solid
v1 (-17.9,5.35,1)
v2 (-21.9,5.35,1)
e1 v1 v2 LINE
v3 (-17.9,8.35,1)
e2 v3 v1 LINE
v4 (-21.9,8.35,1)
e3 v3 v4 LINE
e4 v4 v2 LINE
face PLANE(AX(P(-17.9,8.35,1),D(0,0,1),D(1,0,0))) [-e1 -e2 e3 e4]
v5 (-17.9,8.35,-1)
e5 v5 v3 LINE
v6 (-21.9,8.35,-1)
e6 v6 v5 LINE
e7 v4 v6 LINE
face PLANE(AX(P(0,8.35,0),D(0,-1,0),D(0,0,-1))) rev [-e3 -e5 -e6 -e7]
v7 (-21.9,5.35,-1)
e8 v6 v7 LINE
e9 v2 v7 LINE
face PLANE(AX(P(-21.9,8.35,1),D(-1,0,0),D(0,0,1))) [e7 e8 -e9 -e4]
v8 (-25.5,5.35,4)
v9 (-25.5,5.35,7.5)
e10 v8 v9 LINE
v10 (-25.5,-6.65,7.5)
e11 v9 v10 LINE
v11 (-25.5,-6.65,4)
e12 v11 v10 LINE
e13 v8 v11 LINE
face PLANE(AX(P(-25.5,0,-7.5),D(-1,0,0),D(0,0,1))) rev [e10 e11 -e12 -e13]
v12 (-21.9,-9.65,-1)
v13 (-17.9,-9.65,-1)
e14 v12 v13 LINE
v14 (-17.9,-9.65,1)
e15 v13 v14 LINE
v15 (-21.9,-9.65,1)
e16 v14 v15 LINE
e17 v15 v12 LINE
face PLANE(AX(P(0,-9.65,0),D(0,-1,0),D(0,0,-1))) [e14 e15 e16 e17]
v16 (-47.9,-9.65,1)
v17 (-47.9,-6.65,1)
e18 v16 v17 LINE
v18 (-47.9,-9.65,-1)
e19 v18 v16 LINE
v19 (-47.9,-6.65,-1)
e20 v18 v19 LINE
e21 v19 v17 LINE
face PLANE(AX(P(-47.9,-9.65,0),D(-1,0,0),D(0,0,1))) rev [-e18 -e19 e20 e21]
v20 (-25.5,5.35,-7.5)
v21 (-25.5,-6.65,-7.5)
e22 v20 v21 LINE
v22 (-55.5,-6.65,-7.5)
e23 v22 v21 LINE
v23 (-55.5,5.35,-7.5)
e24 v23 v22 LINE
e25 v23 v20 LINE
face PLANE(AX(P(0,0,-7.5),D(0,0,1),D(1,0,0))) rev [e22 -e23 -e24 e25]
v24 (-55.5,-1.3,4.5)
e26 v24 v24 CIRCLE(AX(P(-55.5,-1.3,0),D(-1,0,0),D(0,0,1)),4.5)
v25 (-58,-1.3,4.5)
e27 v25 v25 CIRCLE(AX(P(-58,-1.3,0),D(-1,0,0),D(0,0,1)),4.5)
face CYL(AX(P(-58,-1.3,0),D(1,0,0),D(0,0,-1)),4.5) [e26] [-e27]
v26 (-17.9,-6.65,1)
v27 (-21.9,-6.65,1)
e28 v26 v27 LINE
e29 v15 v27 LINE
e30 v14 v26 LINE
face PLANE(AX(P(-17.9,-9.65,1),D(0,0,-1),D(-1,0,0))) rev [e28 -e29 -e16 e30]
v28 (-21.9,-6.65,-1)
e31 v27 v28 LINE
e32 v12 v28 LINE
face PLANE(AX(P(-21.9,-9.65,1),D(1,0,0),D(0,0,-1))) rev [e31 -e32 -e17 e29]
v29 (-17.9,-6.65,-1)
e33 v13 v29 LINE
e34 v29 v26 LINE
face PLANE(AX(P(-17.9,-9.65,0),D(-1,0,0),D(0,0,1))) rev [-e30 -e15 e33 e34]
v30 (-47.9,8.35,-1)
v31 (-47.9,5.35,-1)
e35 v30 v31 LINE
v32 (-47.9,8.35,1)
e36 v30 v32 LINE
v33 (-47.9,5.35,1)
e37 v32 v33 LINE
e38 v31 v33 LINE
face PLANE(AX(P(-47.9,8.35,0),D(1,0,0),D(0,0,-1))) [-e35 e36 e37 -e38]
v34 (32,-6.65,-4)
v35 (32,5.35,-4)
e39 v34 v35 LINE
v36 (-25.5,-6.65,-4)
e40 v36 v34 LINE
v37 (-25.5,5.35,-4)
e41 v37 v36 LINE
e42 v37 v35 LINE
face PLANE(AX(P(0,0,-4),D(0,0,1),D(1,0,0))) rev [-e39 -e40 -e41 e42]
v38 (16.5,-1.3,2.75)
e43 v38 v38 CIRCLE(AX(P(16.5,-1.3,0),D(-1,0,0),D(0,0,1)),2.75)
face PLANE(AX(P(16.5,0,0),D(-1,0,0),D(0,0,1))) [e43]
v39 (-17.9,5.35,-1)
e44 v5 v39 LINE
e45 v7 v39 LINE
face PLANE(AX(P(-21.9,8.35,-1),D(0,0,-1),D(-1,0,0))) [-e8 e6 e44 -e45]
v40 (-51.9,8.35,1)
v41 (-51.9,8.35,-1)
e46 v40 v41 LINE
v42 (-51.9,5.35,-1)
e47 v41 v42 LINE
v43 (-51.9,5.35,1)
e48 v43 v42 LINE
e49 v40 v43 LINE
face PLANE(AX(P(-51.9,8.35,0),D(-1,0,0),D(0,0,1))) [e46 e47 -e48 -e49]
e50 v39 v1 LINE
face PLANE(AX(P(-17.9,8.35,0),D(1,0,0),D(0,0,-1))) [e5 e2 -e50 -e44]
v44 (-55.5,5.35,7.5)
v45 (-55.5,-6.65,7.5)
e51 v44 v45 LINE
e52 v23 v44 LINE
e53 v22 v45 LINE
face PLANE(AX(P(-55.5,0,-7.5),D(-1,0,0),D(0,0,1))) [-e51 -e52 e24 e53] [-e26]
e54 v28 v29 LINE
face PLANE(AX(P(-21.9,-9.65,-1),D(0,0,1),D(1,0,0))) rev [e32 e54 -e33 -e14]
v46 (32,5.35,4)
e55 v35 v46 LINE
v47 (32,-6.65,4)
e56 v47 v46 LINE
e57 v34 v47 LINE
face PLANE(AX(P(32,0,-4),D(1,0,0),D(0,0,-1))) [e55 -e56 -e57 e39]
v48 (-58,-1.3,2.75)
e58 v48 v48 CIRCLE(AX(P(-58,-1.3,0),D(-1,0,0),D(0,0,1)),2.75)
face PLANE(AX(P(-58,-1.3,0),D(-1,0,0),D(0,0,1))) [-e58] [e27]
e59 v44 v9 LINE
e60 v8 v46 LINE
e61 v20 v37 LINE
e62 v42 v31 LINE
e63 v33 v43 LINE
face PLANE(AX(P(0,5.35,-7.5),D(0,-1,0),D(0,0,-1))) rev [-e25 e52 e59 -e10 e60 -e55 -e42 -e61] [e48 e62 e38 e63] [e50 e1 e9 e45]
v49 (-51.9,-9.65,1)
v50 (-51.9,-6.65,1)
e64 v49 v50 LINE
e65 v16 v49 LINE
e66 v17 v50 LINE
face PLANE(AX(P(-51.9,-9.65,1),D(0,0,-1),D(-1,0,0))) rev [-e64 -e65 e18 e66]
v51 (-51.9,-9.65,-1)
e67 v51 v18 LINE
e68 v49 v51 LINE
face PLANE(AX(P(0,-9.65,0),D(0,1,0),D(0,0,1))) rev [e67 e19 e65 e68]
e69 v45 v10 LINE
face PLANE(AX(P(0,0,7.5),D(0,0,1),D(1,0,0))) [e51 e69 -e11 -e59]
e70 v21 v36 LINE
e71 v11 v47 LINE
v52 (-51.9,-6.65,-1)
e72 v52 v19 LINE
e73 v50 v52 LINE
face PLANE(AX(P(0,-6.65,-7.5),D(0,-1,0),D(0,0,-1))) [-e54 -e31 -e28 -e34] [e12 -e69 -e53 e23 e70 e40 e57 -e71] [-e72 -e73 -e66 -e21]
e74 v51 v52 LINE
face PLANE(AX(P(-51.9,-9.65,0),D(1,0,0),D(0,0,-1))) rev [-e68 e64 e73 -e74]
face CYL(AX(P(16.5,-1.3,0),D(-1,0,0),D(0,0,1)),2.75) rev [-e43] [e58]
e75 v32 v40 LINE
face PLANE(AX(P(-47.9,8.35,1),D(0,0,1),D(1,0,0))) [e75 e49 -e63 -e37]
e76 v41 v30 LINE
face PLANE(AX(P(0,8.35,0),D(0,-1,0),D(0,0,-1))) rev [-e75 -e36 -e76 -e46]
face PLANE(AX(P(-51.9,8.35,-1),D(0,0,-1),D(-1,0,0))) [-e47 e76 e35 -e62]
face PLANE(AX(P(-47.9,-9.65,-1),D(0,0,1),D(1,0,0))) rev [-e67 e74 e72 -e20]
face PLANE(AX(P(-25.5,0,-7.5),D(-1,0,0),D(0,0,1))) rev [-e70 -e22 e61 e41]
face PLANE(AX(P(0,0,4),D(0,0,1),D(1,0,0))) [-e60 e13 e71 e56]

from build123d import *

# Parameters (mm, degrees)
RESSALTO_EXTRUS_O1_DEPTH      = 7.5
RESSALTO_EXTRUS_O1_DEPTH_BACK = 7.5
ESBO_O1_W                     = 30
ESBO_O1_H                     = 12
RESSALTO_EXTRUS_O2_DEPTH      = 4
RESSALTO_EXTRUS_O2_DEPTH_BACK = 4
ESBO_O1_3_W                   = 57.5
ESBO_O1_3_H                   = 12
RESSALTO_EXTRUS_O3_DEPTH      = 3
RESSALTO_EXTRUS_O4_DEPTH      = 3
RESSALTO_EXTRUS_O6_DEPTH      = 7.5
RESSALTO_EXTRUS_O6_DEPTH_BACK = 7.5
ESBO_O1_9_W                   = 30
ESBO_O1_9_H                   = 12
ESBO_O5_R                     = 2.75
CORTE_EXTRUS_O1_DEPTH         = 72
RESSALTO_EXTRUS_O7_START      = 2.5
ESBO_O5_8_R                   = 4.5
ESBO_O5_8_R_2                 = 2.75
RESSALTO_EXTRUS_O7_DEPTH      = 2.5


with BuildPart() as part:
    # Esboço1 → Ressalto-extrusão1 (new, two sides: drawn at the far end of the back side and taken through both)
    with BuildSketch(Plane.XY.offset(-RESSALTO_EXTRUS_O1_DEPTH_BACK)):
        with Locations((-40.5, -0.65)):
            Rectangle(ESBO_O1_W, ESBO_O1_H)
    extrude(amount=RESSALTO_EXTRUS_O1_DEPTH + RESSALTO_EXTRUS_O1_DEPTH_BACK)

    # Esboço1<3> → Ressalto-extrusão2 (add, two sides: drawn at the far end of the back side and taken through both)
    with BuildSketch(Plane.XY.offset(-RESSALTO_EXTRUS_O2_DEPTH_BACK)):
        with Locations((3.25, -0.65)):
            Rectangle(ESBO_O1_3_W, ESBO_O1_3_H)
    extrude(amount=RESSALTO_EXTRUS_O2_DEPTH + RESSALTO_EXTRUS_O2_DEPTH_BACK)

    # Esboço2 → Ressalto-extrusão3 (add)
    with BuildSketch(Plane(origin=(-55.5, -6.65, -7.5), x_dir=(-1, 0, 0), z_dir=(0, -1, 0))):
        Polygon((-37.6, -6.5), (-37.6, -7.5), (-37.6, -8.5), (-33.6, -8.5), (-33.6, -6.5), align=None)
        Polygon((-7.6, -7.5), (-7.6, -8.5), (-3.6, -8.5), (-3.6, -7.5), (-3.6, -6.5), (-7.6, -6.5), align=None)
    extrude(amount=RESSALTO_EXTRUS_O3_DEPTH)

    # Esboço3 → Ressalto-extrusão4 (add)
    with BuildSketch(Plane(origin=(-55.5, 5.35, -7.5), x_dir=(-1, 0, 0), z_dir=(0, -1, 0))):
        Polygon((-37.6, -6.5), (-37.6, -7.5), (-37.6, -8.5), (-33.6, -8.5), (-33.6, -6.5), align=None)
        Polygon((-7.6, -7.5), (-7.6, -8.5), (-3.6, -8.5), (-3.6, -7.5), (-3.6, -6.5), (-7.6, -6.5), align=None)
    extrude(amount=-RESSALTO_EXTRUS_O4_DEPTH)

    # Esboço1<9> → Ressalto-extrusão6 (add, two sides: drawn at the far end of the back side and taken through both)
    with BuildSketch(Plane.XY.offset(-RESSALTO_EXTRUS_O6_DEPTH_BACK)):
        with Locations((-40.5, -0.65)):
            Rectangle(ESBO_O1_9_W, ESBO_O1_9_H)
    extrude(amount=RESSALTO_EXTRUS_O6_DEPTH + RESSALTO_EXTRUS_O6_DEPTH_BACK)

    # Esboço5 → Corte-extrusão1 (cut)
    with BuildSketch(Plane(origin=(-55.5, 5.35, -7.5), x_dir=(0, 0, 1), z_dir=(-1, 0, 0))):
        with Locations((7.5, -6.65)):
            Circle(ESBO_O5_R)
    extrude(amount=-CORTE_EXTRUS_O1_DEPTH, mode=Mode.SUBTRACT)

    # Esboço5<8> → Ressalto-extrusão7 (add)
    with BuildSketch(Plane(origin=(-55.5, 5.35, -7.5), x_dir=(0, 0, 1), z_dir=(-1, 0, 0)).offset(RESSALTO_EXTRUS_O7_START)):
        with Locations((7.5, -6.65)):
            Circle(ESBO_O5_8_R)
        with Locations((7.5, -6.65)):
            Circle(ESBO_O5_8_R_2, mode=Mode.SUBTRACT)
    extrude(amount=-RESSALTO_EXTRUS_O7_DEPTH)


solid = part.part
